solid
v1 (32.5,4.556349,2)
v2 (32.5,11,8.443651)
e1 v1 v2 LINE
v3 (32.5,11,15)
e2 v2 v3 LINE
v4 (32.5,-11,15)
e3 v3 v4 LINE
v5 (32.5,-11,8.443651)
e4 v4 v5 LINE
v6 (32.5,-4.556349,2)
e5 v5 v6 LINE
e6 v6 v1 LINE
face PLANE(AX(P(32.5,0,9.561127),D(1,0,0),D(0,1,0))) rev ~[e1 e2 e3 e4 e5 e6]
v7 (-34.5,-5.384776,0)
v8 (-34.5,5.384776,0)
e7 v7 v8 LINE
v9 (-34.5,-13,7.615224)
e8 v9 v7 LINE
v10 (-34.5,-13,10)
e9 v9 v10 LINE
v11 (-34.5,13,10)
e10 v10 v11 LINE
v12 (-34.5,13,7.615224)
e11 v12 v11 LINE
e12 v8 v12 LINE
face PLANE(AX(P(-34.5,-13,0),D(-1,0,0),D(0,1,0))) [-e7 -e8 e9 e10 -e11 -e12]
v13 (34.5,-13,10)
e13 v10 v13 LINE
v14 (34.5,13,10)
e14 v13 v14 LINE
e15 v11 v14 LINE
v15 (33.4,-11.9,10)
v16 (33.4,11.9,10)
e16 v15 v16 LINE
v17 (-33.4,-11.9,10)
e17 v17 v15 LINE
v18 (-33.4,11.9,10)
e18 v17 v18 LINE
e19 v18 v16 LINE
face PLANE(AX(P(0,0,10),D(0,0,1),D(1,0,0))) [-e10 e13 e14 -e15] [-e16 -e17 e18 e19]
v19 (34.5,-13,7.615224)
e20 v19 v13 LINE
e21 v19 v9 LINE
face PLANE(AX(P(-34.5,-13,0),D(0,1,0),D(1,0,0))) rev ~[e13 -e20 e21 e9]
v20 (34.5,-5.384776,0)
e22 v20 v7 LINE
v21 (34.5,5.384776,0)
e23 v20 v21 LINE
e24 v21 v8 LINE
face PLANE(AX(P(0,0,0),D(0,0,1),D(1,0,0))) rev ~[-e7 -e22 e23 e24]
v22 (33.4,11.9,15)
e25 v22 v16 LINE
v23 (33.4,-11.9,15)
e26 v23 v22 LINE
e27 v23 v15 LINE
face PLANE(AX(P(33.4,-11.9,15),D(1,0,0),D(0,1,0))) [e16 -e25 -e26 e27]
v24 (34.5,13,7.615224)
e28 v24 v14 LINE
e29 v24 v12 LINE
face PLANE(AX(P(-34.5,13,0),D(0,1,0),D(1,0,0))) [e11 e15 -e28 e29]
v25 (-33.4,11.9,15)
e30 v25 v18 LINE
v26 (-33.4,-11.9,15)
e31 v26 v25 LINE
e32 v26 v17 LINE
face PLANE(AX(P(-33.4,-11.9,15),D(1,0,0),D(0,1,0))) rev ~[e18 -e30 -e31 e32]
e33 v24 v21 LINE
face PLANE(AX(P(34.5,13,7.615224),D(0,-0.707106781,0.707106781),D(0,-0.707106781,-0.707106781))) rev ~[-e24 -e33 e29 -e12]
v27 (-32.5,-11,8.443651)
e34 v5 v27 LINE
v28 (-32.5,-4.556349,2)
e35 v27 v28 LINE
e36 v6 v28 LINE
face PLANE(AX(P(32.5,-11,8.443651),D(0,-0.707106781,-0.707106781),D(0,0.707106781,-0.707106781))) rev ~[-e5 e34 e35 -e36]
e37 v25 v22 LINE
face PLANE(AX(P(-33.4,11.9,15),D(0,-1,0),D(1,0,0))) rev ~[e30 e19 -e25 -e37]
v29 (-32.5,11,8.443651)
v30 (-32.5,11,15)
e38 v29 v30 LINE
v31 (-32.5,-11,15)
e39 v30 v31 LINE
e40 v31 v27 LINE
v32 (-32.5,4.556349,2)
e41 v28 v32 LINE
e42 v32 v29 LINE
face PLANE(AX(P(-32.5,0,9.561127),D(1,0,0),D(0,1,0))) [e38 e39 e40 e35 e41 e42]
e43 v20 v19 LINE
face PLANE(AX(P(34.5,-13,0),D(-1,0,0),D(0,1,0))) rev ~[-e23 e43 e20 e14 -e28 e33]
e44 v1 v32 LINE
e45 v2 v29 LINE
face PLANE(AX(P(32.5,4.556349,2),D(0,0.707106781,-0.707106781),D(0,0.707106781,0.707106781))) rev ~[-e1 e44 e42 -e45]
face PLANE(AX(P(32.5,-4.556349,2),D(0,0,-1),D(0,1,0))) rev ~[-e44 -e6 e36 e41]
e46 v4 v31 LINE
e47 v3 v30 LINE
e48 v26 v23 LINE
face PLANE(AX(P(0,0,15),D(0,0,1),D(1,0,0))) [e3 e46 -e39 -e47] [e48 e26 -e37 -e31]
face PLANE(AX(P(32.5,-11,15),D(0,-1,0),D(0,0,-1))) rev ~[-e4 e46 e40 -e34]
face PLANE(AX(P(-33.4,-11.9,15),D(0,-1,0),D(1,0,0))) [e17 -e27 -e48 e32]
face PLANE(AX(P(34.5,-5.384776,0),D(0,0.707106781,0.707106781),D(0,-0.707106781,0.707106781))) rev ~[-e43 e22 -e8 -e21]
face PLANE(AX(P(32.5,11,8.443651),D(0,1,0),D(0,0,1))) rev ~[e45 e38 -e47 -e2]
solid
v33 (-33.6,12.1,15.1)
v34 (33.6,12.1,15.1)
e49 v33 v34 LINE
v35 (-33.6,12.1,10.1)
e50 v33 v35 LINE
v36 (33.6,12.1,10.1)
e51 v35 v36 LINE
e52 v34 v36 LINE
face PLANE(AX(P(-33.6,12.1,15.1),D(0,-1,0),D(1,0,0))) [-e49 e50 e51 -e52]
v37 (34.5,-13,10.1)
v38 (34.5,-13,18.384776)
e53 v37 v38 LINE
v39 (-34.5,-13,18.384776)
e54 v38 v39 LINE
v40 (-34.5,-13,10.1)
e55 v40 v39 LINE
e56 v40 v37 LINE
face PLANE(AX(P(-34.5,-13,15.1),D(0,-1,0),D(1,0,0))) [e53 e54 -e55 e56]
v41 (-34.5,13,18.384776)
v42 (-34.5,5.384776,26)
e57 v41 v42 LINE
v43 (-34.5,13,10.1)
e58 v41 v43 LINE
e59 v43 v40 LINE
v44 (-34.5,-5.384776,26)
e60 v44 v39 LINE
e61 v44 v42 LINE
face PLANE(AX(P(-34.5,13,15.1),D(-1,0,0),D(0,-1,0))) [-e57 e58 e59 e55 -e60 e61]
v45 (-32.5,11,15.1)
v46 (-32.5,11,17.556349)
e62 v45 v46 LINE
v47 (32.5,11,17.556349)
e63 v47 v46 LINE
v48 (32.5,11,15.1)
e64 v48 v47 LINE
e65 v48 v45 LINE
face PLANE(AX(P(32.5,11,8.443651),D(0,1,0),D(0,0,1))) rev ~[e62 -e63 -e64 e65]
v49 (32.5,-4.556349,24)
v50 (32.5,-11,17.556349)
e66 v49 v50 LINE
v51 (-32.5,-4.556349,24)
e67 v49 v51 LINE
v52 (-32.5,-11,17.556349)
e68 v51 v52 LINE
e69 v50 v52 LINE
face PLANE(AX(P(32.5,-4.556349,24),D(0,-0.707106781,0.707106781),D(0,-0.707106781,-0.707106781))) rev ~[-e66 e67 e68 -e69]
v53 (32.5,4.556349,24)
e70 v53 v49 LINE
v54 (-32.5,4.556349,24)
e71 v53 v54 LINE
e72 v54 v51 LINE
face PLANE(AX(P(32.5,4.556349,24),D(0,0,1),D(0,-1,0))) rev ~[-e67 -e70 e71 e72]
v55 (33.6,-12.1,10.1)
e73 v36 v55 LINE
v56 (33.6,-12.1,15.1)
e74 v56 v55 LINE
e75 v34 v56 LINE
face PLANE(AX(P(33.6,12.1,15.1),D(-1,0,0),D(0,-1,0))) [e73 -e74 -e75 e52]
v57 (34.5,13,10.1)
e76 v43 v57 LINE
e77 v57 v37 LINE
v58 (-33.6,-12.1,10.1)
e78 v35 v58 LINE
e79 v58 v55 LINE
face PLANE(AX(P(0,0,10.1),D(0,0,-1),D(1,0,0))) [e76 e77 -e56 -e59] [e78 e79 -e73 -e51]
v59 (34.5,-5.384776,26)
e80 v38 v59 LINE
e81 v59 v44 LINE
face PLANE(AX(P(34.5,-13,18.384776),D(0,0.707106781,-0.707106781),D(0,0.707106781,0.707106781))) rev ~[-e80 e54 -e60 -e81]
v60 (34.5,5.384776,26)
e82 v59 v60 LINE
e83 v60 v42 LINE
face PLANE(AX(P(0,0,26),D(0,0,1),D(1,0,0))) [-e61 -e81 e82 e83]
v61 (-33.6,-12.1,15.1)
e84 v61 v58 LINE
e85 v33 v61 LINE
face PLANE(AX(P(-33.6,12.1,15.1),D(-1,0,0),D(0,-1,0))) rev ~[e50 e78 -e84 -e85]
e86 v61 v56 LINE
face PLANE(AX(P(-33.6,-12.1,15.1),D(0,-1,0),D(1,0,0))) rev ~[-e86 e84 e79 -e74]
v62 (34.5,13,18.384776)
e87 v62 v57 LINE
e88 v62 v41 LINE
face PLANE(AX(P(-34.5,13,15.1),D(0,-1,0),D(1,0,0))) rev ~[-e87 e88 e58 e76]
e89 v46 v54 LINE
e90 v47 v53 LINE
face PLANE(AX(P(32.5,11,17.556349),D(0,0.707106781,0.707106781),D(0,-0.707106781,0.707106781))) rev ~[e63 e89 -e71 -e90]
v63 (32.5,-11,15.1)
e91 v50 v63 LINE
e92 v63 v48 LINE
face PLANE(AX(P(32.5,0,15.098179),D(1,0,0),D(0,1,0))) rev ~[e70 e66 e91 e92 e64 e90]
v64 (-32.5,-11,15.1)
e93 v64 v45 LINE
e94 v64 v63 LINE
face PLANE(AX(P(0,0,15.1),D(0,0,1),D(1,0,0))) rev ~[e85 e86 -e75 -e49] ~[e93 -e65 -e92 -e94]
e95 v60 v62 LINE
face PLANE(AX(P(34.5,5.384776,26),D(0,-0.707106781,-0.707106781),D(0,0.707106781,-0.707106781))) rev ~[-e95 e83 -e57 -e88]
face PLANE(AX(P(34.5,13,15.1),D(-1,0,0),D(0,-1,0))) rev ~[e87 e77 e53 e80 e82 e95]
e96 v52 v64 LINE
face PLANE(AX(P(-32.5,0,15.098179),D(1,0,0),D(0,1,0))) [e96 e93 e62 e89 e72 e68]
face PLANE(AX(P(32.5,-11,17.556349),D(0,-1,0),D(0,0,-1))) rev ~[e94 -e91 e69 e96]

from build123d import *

# Parameters (mm, degrees)
F0_W      = 69
F0_H      = 26
F1_DEPTH  = 15
F4_DEPTH  = 65
F5_W      = 69
F5_H      = 26
F5_W_2    = 66.8
F5_H_2    = 23.8
F6_DEPTH  = 5
F8_W      = 69
F8_H      = 26
F9_DEPTH  = 10.9
F10_W     = 69
F10_H     = 26
F10_W_2   = 67.2
F10_H_2   = 24.2
F11_DEPTH = 5
F13_DEPTH = 65
F15_DEPTH = 69.001
F17_DEPTH = 69.001


with BuildPart() as f1:
    # F0 (on Top) → F1 (new body)
    with BuildSketch(Plane.XY):
        Rectangle(F0_W, F0_H)
    extrude(amount=F1_DEPTH)

    # F3 (on offset) → F4 (cut)
    with BuildSketch(Plane.YZ.offset(32.5)):
        Polygon((11, 15), (-11, 15), (-11, 8.4436508139), (-4.5563491861, 2), (4.5563491861, 2), (11, 8.4436508139), align=None)
    extrude(amount=-F4_DEPTH, mode=Mode.SUBTRACT)

    # F5 (on face) → F6 (cut)
    with BuildSketch(Plane.XY.offset(15)):
        Rectangle(F5_W, F5_H)
        Rectangle(F5_W_2, F5_H_2, mode=Mode.SUBTRACT)
    extrude(amount=-F6_DEPTH, mode=Mode.SUBTRACT)

    # F14 (on face) → F15 (cut, through all)
    with BuildSketch(Plane.YZ.offset(34.5)):
        Polygon((5.3847763109, 0), (13, 0), (13, 7.6152236891), align=None)
        Polygon((-5.3847763109, 0), (-13, 7.6152236891), (-13, 0), align=None)
    extrude(amount=-F15_DEPTH, mode=Mode.SUBTRACT)


with BuildPart() as f9:
    # F8 (on offset) → F9 (new body)
    with BuildSketch(Plane.XY.offset(15.1)):
        Rectangle(F8_W, F8_H)
    extrude(amount=F9_DEPTH)

    # F10 (on face) → F11 (join)
    with BuildSketch(Plane(origin=(0, 0, 15.1), x_dir=(1, 0, 0), z_dir=(0, 0, -1))):
        Rectangle(F10_W, F10_H)
        Rectangle(F10_W_2, F10_H_2, mode=Mode.SUBTRACT)
    extrude(amount=F11_DEPTH)

    # F12 (on offset) → F13 (cut)
    with BuildSketch(Plane.YZ.offset(32.5)):
        Polygon((4.5563491861, 24), (-4.5563491861, 24), (-11, 17.5563491861), (-11, 8.4436508139), (11, 8.4436508139), (11, 17.5563491861), align=None)
    extrude(amount=-F13_DEPTH, mode=Mode.SUBTRACT)

    # F16 (on face) → F17 (cut, through all)
    with BuildSketch(Plane.YZ.offset(34.5)):
        Polygon((-13, 26), (-13, 18.3847763109), (-5.3847763109, 26), align=None)
        Polygon((5.3847763109, 26), (13, 18.3847763109), (13, 26), align=None)
    extrude(amount=-F17_DEPTH, mode=Mode.SUBTRACT)


solid = Compound([f1.part, f9.part])
